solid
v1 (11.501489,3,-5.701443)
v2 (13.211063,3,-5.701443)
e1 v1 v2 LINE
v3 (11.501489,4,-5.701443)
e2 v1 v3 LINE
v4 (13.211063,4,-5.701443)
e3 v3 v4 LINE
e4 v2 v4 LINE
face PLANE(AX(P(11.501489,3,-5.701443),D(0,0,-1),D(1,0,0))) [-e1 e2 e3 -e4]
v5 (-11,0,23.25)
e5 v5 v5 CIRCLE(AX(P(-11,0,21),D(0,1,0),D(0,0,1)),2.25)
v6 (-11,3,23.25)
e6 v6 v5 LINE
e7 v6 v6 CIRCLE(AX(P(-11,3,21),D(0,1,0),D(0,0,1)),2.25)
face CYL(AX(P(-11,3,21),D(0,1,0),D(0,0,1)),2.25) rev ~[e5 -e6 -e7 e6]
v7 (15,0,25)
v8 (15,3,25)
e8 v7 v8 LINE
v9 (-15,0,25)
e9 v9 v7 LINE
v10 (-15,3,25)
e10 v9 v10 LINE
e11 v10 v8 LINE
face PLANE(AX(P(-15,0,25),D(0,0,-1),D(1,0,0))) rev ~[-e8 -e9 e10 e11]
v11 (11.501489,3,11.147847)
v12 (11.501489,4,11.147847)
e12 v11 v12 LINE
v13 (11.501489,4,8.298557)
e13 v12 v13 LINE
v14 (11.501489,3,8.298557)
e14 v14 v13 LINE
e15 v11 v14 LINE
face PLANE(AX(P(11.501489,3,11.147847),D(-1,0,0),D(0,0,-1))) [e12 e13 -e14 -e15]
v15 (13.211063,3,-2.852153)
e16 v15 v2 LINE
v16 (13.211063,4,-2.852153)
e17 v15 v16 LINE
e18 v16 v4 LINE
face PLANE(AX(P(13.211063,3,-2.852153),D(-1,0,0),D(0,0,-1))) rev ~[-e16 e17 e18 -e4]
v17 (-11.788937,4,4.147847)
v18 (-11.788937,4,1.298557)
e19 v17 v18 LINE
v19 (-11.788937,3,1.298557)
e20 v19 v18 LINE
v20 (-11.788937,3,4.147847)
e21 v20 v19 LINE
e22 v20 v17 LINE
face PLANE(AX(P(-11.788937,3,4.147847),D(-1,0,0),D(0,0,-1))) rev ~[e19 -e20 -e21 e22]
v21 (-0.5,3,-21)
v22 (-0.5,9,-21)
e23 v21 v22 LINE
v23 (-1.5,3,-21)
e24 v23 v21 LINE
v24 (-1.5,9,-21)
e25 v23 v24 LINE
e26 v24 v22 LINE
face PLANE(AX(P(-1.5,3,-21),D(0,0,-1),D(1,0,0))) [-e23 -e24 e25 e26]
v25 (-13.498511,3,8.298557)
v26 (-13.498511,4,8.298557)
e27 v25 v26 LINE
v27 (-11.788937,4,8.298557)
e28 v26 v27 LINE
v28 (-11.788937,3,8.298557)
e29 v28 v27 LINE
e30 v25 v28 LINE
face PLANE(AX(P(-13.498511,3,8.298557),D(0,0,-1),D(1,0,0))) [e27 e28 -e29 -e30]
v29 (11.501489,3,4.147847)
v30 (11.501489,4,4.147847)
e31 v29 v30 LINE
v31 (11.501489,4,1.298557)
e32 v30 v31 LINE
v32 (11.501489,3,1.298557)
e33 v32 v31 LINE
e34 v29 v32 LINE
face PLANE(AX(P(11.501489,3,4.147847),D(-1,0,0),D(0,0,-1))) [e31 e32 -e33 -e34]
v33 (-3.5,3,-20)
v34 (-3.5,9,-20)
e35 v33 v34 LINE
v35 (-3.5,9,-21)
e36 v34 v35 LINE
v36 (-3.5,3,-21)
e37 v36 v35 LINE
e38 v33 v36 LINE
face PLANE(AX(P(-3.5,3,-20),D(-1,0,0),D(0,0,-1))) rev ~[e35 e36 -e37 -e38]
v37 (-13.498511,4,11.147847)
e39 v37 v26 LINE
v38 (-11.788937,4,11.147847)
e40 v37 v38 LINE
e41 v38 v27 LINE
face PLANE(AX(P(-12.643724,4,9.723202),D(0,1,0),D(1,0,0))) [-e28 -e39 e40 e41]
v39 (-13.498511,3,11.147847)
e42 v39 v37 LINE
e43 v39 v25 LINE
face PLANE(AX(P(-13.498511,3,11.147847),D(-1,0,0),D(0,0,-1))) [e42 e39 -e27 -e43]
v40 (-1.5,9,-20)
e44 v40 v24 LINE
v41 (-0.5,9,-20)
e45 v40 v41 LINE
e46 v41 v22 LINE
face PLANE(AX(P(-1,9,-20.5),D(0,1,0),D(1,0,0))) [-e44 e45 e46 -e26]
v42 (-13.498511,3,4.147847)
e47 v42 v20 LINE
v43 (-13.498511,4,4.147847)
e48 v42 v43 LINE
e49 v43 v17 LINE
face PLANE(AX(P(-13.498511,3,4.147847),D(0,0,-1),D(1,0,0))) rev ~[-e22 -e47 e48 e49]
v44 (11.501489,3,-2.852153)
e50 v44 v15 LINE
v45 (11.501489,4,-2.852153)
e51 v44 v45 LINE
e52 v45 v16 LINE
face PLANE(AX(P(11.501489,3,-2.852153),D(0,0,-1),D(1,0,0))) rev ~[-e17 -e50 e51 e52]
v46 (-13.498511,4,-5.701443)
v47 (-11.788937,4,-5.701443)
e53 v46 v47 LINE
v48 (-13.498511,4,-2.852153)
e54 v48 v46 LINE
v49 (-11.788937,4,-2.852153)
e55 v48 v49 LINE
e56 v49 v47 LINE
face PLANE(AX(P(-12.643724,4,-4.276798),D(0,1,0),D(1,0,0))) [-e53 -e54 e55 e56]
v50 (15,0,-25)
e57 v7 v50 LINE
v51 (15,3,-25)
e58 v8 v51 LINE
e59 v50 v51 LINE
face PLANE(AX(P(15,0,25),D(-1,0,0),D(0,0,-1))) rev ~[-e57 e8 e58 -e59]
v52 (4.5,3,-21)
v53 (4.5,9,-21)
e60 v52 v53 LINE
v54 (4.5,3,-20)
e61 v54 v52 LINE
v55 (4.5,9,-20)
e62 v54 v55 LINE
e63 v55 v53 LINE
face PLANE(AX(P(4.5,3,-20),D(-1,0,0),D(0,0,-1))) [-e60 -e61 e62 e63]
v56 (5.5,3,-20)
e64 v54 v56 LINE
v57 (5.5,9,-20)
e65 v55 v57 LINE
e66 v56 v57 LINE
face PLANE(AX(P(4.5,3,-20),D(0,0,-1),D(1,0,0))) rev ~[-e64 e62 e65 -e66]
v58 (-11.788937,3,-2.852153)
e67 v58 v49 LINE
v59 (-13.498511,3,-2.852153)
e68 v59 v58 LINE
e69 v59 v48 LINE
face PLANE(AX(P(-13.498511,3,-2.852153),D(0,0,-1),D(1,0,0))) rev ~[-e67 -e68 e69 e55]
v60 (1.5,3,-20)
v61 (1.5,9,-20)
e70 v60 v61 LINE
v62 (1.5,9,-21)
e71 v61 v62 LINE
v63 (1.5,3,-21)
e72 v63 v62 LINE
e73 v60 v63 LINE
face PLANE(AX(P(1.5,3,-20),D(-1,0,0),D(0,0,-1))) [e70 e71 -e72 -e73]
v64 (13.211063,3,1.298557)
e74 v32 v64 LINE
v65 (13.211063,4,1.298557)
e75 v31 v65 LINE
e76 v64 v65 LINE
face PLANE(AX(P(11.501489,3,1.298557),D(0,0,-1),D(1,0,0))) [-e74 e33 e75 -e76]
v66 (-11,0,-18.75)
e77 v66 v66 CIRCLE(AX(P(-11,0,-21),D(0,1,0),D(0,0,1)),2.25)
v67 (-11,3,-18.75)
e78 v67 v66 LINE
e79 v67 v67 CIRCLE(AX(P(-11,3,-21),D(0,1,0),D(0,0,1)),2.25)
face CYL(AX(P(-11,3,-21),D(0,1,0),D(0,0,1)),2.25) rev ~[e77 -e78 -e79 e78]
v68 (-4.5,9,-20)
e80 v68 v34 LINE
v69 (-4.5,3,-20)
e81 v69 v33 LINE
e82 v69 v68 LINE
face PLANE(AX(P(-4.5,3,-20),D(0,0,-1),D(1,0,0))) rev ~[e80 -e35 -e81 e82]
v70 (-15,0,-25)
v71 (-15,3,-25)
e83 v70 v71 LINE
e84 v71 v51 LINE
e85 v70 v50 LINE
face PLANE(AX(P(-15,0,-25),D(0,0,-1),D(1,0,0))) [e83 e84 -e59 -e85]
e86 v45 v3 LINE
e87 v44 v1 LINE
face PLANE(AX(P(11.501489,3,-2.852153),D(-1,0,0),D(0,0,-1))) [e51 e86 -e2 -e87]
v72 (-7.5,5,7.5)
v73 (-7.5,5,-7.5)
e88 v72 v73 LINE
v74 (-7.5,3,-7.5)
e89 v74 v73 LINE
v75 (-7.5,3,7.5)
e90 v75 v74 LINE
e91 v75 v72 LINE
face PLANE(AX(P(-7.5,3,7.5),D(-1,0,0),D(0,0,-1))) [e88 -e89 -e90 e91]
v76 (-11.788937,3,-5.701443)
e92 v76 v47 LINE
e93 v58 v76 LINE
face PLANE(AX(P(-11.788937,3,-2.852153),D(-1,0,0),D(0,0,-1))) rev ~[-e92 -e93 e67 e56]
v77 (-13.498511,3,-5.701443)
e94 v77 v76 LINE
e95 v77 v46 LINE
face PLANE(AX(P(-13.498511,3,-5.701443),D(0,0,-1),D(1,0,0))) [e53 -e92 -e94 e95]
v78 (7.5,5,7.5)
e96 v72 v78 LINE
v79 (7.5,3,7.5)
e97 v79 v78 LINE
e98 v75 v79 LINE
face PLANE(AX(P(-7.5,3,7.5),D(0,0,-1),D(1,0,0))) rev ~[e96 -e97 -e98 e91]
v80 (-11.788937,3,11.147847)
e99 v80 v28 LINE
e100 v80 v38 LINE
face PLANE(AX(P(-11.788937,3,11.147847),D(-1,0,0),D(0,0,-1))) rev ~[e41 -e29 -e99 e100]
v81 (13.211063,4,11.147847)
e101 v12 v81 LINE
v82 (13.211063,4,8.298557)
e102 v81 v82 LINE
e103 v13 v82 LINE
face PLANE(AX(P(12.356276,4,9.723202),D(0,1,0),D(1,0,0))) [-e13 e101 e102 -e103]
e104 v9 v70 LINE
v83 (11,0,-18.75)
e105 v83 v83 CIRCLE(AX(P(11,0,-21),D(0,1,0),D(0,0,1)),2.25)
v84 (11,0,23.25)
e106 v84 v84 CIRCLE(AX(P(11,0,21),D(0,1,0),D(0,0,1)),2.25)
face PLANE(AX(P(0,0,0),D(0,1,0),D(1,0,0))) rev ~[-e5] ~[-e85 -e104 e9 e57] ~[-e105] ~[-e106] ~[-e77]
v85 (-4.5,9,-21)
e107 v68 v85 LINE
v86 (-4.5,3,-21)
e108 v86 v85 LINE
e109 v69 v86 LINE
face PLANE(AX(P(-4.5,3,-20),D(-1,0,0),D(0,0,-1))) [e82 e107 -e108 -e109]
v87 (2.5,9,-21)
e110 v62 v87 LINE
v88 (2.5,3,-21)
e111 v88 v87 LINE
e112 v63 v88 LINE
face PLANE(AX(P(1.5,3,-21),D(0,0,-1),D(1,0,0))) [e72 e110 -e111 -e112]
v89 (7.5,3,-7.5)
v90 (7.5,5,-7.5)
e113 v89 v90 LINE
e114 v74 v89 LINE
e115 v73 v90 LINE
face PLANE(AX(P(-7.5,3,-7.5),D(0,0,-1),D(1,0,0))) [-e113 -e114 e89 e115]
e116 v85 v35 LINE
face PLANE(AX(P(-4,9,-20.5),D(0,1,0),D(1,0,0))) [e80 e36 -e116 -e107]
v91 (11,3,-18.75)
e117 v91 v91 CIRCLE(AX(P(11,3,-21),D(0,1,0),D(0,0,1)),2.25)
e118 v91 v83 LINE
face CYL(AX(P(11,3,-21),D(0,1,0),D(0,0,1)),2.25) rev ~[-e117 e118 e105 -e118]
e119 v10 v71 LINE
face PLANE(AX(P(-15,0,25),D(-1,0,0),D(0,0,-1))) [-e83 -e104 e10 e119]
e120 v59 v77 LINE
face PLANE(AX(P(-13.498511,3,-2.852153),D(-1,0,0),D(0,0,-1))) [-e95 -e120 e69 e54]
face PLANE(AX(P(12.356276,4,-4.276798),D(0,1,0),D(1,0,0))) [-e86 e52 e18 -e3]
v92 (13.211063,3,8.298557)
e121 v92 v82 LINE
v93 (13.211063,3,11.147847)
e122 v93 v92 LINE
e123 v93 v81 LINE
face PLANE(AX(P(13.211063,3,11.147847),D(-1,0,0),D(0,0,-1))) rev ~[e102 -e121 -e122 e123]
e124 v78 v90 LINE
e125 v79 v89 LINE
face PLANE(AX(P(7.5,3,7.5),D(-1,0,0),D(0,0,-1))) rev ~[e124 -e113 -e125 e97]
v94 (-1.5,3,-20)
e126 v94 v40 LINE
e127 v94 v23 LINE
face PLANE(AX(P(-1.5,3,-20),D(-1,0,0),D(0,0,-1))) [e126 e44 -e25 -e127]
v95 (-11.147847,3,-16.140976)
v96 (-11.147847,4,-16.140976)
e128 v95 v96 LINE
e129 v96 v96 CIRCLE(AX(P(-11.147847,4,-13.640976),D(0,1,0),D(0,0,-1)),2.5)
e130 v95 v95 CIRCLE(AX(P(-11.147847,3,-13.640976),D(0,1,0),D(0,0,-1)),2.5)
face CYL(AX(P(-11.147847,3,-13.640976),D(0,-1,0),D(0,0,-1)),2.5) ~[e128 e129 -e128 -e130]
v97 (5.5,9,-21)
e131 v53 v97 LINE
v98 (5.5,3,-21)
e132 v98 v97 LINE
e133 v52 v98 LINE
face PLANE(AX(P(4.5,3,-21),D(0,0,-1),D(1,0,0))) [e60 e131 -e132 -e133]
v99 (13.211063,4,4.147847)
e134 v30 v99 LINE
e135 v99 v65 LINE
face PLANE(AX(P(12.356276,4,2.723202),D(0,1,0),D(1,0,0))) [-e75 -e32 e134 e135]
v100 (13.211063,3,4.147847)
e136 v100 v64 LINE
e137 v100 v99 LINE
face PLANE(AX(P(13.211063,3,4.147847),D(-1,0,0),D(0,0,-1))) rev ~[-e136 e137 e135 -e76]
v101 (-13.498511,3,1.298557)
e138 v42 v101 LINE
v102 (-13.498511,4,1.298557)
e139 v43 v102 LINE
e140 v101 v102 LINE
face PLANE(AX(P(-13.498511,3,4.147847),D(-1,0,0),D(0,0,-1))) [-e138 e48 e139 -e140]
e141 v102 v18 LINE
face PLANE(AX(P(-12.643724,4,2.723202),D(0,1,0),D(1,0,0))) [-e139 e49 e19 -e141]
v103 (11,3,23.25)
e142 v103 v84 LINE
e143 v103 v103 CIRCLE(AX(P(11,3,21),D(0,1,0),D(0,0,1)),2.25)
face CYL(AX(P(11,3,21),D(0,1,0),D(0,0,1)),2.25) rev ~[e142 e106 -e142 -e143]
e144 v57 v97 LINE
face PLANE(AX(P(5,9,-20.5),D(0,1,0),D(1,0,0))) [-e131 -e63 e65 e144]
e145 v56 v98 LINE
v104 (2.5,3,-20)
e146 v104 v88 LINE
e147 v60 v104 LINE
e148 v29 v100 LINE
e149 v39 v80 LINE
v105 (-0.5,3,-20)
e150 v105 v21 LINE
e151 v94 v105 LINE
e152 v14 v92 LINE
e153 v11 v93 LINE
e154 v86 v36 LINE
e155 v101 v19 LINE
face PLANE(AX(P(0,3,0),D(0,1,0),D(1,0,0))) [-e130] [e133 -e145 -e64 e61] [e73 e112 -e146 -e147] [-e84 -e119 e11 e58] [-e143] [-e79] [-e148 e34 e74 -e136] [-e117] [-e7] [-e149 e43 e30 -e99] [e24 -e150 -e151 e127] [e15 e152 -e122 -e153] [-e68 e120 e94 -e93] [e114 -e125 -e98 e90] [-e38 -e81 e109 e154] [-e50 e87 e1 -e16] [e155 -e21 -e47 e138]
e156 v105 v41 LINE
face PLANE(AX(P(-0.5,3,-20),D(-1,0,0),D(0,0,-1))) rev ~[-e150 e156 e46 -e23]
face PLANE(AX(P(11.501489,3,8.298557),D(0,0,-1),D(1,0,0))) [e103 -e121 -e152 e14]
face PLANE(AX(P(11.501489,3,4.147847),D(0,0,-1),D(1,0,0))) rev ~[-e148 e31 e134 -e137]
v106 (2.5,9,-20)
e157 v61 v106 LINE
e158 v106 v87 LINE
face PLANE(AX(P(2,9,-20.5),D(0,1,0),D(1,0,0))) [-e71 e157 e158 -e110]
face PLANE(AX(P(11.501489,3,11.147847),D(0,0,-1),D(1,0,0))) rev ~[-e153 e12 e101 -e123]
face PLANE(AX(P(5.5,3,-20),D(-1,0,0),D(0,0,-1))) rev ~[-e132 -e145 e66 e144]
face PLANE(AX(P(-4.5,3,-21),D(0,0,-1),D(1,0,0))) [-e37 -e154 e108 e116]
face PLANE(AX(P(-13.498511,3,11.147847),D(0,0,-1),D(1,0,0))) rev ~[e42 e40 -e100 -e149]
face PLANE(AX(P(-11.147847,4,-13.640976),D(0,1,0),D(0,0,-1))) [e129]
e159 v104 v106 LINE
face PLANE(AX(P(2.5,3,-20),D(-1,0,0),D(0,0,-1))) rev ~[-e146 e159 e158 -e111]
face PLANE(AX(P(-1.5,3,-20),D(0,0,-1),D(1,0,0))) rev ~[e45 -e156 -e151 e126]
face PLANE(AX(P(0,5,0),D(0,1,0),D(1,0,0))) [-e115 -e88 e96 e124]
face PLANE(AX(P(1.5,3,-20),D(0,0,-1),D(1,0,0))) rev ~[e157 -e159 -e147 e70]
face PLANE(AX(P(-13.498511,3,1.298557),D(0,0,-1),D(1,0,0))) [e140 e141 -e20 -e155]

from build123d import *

# Parameters (mm, degrees)
SKETCH1_W            = 30
SKETCH1_H            = 50
BOSS_EXTRUDE1_DEPTH  = 3
SKETCH2_R            = 2.25
CUT_EXTRUDE1_DEPTH   = 3
LPATTERN1_COUNT      = 2
LPATTERN1_PITCH      = 22
LPATTERN1_COUNT_DIR2 = 2
LPATTERN1_PITCH_DIR2 = 42
SKETCH3_W            = 1
SKETCH3_H            = 1
BOSS_EXTRUDE2_DEPTH  = 6
LPATTERN2_COUNT      = 4
LPATTERN2_PITCH      = 3
SKETCH4_W            = 15
SKETCH4_H            = 15
BOSS_EXTRUDE3_DEPTH  = 2
SKETCH5_W            = 1.709574014
SKETCH5_H            = 2.849290021
BOSS_EXTRUDE4_DEPTH  = 1
LPATTERN3_COUNT      = 3
LPATTERN3_PITCH      = 7
LPATTERN3_COUNT_DIR2 = 2
LPATTERN3_PITCH_DIR2 = 25
SKETCH6_R            = 2.5
BOSS_EXTRUDE5_DEPTH  = 1


with BuildPart() as part:
    # Sketch1 → Boss-Extrude1 (new body)
    with BuildSketch(Plane(origin=(0, 0, 0), x_dir=(1, 0, 0), z_dir=(0, 1, 0))):
        Rectangle(SKETCH1_W, SKETCH1_H)
    extrude(amount=BOSS_EXTRUDE1_DEPTH)

    # Sketch2 → Cut-Extrude1 (cut)
    with BuildSketch(Plane(origin=(0, 3, 0), x_dir=(1, 0, 0), z_dir=(0, 1, 0))):
        with Locations(Location((-11, 21, 0), (0, 0, 270))):
            Circle(SKETCH2_R)
    cut_extrude1 = extrude(amount=-CUT_EXTRUDE1_DEPTH, mode=Mode.SUBTRACT)

    # LPattern1: Cut-Extrude1 2 × 2
    with Locations(*[(i * LPATTERN1_PITCH, 0, j * LPATTERN1_PITCH_DIR2) for i in range(LPATTERN1_COUNT) for j in range(LPATTERN1_COUNT_DIR2) if (i, j) != (0, 0)]):
        add(cut_extrude1, mode=Mode.SUBTRACT)

    # Sketch3 → Boss-Extrude2 (add)
    with BuildSketch(Plane(origin=(0, 3, 0), x_dir=(1, 0, 0), z_dir=(0, 1, 0))):
        with Locations((-4, 20.5)):
            Rectangle(SKETCH3_W, SKETCH3_H)
    boss_extrude2 = extrude(amount=BOSS_EXTRUDE2_DEPTH)

    # LPattern2: Boss-Extrude2 ×4
    with Locations(*[(i * LPATTERN2_PITCH, 0, 0) for i in range(1, LPATTERN2_COUNT)]):
        add(boss_extrude2)

    # Sketch4 → Boss-Extrude3 (add)
    with BuildSketch(Plane(origin=(0, 3, 0), x_dir=(1, 0, 0), z_dir=(0, 1, 0))):
        Rectangle(SKETCH4_W, SKETCH4_H)
    extrude(amount=BOSS_EXTRUDE3_DEPTH)

    # Sketch5 → Boss-Extrude4 (add)
    with BuildSketch(Plane(origin=(0, 3, 0), x_dir=(1, 0, 0), z_dir=(0, 1, 0))):
        with Locations((-12.643724472, -9.7232022)):
            Rectangle(SKETCH5_W, SKETCH5_H)
    boss_extrude4 = extrude(amount=BOSS_EXTRUDE4_DEPTH)

    # LPattern3: Boss-Extrude4 3 × 2
    with Locations(*[(j * LPATTERN3_PITCH_DIR2, 0, -i * LPATTERN3_PITCH) for i in range(LPATTERN3_COUNT) for j in range(LPATTERN3_COUNT_DIR2) if (i, j) != (0, 0)]):
        add(boss_extrude4)

    # Sketch6 → Boss-Extrude5 (add)
    with BuildSketch(Plane(origin=(0, 3, 0), x_dir=(1, 0, 0), z_dir=(0, 1, 0))):
        with Locations(Location((-11.14784721, 13.64097598, 0), (0, 0, 90))):
            Circle(SKETCH6_R)
    extrude(amount=BOSS_EXTRUDE5_DEPTH)


solid = part.part
